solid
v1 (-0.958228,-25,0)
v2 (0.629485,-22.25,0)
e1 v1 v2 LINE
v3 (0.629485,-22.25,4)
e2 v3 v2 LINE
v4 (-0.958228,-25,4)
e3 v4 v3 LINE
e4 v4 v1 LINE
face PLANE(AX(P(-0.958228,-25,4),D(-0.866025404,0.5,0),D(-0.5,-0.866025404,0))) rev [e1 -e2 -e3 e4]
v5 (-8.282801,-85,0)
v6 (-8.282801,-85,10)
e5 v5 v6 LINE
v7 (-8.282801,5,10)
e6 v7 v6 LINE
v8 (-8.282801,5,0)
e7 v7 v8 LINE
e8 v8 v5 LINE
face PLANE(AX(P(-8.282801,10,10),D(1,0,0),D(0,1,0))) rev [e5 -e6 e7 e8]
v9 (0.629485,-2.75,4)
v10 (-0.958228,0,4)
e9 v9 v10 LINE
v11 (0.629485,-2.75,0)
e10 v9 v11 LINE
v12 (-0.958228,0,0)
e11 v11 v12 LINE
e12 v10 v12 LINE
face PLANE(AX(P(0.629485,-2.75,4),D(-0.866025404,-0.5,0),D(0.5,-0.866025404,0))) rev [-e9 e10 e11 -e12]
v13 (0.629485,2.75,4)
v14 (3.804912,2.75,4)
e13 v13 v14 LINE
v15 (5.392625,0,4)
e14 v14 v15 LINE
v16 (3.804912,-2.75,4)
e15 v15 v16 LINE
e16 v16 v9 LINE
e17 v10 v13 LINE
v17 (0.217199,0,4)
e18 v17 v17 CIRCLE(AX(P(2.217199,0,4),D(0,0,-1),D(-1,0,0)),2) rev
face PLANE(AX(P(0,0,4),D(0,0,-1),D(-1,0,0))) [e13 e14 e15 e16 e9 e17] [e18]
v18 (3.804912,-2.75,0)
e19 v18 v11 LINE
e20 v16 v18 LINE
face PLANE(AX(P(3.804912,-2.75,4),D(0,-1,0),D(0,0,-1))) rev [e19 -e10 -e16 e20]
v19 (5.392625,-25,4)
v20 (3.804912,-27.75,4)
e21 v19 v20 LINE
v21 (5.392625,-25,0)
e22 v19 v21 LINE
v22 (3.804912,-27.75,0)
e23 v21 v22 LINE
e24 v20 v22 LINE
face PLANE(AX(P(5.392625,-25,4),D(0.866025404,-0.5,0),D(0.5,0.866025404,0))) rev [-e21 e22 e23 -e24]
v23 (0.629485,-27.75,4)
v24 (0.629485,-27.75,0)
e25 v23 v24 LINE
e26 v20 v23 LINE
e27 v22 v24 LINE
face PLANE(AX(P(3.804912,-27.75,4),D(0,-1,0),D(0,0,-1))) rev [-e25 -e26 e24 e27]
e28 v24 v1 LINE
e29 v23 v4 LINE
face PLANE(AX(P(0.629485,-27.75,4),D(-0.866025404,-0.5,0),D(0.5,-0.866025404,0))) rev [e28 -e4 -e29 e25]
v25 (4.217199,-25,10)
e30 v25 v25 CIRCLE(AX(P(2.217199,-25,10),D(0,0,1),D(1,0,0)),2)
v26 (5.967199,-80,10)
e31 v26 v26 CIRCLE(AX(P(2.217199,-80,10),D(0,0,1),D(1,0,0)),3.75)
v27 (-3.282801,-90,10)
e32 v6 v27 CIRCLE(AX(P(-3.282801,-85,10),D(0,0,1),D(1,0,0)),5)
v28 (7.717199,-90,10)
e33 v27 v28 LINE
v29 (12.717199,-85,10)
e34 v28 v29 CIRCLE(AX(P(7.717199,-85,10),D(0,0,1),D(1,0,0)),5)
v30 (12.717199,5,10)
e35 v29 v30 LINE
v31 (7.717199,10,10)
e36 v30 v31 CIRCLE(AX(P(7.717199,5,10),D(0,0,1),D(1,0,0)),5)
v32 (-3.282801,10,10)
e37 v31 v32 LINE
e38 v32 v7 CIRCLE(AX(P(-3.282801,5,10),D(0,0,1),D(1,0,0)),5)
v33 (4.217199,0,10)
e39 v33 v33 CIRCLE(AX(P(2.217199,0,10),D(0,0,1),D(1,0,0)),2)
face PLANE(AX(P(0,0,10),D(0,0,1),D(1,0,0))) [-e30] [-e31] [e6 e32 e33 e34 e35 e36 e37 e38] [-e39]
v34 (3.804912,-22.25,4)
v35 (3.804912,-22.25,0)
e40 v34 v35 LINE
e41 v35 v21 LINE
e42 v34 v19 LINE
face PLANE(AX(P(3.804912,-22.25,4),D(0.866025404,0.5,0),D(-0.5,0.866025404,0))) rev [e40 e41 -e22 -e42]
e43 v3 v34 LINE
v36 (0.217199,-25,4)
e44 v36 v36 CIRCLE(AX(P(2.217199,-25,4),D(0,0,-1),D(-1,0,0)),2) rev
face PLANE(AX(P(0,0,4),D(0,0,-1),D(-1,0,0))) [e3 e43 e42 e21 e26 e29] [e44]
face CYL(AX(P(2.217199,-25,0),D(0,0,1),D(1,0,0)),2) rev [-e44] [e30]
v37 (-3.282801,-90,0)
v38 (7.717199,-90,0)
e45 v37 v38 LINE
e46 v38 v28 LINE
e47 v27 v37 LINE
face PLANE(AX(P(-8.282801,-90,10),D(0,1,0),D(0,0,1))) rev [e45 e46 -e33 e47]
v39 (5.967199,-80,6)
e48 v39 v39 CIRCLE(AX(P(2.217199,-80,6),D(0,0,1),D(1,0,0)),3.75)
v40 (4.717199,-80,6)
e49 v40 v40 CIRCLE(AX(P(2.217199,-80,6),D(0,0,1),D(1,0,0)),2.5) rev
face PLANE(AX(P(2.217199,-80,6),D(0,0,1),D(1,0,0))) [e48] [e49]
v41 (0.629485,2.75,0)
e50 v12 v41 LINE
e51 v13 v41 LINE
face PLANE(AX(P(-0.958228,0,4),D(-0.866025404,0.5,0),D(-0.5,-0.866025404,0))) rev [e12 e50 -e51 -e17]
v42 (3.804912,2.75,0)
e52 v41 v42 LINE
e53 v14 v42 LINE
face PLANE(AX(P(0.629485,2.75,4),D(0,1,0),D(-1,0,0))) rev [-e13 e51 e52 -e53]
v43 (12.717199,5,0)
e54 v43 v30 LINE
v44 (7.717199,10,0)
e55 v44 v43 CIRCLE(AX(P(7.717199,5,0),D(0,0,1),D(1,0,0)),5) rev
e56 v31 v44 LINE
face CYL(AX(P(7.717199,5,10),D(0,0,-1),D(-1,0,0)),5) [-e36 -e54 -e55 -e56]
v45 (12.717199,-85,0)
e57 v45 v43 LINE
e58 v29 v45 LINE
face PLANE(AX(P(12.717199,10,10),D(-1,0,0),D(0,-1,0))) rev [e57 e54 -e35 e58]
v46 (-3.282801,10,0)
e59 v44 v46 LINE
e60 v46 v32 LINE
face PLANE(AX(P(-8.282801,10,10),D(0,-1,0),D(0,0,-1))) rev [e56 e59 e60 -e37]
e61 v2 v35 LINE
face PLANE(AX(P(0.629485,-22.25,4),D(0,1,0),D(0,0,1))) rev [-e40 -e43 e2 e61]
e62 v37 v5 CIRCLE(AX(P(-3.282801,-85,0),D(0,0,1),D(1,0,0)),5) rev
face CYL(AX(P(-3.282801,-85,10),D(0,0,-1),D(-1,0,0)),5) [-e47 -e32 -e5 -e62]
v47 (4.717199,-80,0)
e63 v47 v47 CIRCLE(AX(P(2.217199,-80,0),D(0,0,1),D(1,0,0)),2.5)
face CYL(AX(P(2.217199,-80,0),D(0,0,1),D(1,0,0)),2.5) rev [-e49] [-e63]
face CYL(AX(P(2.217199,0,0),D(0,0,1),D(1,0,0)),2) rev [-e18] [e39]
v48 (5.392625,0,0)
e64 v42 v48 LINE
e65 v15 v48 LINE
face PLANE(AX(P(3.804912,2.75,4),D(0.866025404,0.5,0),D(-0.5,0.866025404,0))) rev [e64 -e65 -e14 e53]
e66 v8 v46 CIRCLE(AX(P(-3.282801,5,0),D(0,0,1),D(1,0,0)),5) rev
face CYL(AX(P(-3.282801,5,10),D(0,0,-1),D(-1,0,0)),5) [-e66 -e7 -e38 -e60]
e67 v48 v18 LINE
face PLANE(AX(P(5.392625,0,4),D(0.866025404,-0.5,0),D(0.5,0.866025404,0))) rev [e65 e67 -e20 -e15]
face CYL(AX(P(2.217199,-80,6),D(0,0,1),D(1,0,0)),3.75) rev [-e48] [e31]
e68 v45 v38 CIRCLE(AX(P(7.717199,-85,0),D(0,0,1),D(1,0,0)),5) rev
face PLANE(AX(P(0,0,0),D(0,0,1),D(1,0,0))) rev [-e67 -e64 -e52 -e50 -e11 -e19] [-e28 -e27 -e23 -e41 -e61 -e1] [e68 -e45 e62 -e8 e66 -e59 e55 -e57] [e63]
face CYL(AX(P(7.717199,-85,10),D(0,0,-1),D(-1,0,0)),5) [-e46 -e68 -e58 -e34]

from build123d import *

# Parameters (mm, degrees)
ESQUISSE1_W             = 21
ESQUISSE1_H             = 100
BOSS_EXTRU_1_DEPTH      = 10
ESQUISSE2_R             = 2
ESQUISSE2_R_2           = 2.5
ENL_V_MAT_EXTRU_1_DEPTH = 10
CONG_1_R                = 5
ENL_V_MAT_EXTRU_2_DEPTH = 4
ESQUISSE4_R             = 3.75
ENL_V_MAT_EXTRU_4_DEPTH = 4


with BuildPart() as part:
    # Esquisse1 → Boss.-Extru.1 (new body)
    with BuildSketch(Plane.XY):
        with Locations((2.217198679, -40)):
            Rectangle(ESQUISSE1_W, ESQUISSE1_H)
    extrude(amount=BOSS_EXTRU_1_DEPTH)

    # Esquisse2 → Enlèv. mat.-Extru.1 (cut)
    with BuildSketch(Plane.XY.offset(10)):
        with Locations((2.217198679, 0)):
            Circle(ESQUISSE2_R)
        with Locations((2.217198679, -25)):
            Circle(ESQUISSE2_R)
        with Locations((2.217198679, -80)):
            Circle(ESQUISSE2_R_2)
    extrude(amount=-ENL_V_MAT_EXTRU_1_DEPTH, mode=Mode.SUBTRACT)

    # Congé1
    cong_1_edges = [part.edges().sort_by_distance(p)[0] for p in [
        (-8.282801321, 10, 5),
        (12.717198679, 10, 5),
        (12.717198679, -90, 5),
        (-8.282801321, -90, 5),
    ]]
    fillet(cong_1_edges, radius=CONG_1_R)

    # Esquisse3 → Enlèv. mat.-Extru.2 (cut)
    with BuildSketch(Plane(origin=(0, 0, 0), x_dir=(-1, 0, 0), z_dir=(0, 0, -1))):
        Polygon((-3.80491192, 2.75), (-5.39262516, 0), (-3.80491192, -2.75), (-0.629485439, -2.75), (0.958227801, 0), (-0.629485439, 2.75), align=None)
        Polygon((-3.80491192, -22.25), (-5.39262516, -25), (-3.80491192, -27.75), (-0.629485439, -27.75), (0.958227801, -25), (-0.629485439, -22.25), align=None)
    extrude(amount=-ENL_V_MAT_EXTRU_2_DEPTH, mode=Mode.SUBTRACT)

    # Esquisse4 → Enlèv. mat.-Extru.4 (cut)
    with BuildSketch(Plane.XY.offset(10)):
        with Locations((2.217198679, -80)):
            Circle(ESQUISSE4_R)
    extrude(amount=-ENL_V_MAT_EXTRU_4_DEPTH, mode=Mode.SUBTRACT)


solid = part.part
